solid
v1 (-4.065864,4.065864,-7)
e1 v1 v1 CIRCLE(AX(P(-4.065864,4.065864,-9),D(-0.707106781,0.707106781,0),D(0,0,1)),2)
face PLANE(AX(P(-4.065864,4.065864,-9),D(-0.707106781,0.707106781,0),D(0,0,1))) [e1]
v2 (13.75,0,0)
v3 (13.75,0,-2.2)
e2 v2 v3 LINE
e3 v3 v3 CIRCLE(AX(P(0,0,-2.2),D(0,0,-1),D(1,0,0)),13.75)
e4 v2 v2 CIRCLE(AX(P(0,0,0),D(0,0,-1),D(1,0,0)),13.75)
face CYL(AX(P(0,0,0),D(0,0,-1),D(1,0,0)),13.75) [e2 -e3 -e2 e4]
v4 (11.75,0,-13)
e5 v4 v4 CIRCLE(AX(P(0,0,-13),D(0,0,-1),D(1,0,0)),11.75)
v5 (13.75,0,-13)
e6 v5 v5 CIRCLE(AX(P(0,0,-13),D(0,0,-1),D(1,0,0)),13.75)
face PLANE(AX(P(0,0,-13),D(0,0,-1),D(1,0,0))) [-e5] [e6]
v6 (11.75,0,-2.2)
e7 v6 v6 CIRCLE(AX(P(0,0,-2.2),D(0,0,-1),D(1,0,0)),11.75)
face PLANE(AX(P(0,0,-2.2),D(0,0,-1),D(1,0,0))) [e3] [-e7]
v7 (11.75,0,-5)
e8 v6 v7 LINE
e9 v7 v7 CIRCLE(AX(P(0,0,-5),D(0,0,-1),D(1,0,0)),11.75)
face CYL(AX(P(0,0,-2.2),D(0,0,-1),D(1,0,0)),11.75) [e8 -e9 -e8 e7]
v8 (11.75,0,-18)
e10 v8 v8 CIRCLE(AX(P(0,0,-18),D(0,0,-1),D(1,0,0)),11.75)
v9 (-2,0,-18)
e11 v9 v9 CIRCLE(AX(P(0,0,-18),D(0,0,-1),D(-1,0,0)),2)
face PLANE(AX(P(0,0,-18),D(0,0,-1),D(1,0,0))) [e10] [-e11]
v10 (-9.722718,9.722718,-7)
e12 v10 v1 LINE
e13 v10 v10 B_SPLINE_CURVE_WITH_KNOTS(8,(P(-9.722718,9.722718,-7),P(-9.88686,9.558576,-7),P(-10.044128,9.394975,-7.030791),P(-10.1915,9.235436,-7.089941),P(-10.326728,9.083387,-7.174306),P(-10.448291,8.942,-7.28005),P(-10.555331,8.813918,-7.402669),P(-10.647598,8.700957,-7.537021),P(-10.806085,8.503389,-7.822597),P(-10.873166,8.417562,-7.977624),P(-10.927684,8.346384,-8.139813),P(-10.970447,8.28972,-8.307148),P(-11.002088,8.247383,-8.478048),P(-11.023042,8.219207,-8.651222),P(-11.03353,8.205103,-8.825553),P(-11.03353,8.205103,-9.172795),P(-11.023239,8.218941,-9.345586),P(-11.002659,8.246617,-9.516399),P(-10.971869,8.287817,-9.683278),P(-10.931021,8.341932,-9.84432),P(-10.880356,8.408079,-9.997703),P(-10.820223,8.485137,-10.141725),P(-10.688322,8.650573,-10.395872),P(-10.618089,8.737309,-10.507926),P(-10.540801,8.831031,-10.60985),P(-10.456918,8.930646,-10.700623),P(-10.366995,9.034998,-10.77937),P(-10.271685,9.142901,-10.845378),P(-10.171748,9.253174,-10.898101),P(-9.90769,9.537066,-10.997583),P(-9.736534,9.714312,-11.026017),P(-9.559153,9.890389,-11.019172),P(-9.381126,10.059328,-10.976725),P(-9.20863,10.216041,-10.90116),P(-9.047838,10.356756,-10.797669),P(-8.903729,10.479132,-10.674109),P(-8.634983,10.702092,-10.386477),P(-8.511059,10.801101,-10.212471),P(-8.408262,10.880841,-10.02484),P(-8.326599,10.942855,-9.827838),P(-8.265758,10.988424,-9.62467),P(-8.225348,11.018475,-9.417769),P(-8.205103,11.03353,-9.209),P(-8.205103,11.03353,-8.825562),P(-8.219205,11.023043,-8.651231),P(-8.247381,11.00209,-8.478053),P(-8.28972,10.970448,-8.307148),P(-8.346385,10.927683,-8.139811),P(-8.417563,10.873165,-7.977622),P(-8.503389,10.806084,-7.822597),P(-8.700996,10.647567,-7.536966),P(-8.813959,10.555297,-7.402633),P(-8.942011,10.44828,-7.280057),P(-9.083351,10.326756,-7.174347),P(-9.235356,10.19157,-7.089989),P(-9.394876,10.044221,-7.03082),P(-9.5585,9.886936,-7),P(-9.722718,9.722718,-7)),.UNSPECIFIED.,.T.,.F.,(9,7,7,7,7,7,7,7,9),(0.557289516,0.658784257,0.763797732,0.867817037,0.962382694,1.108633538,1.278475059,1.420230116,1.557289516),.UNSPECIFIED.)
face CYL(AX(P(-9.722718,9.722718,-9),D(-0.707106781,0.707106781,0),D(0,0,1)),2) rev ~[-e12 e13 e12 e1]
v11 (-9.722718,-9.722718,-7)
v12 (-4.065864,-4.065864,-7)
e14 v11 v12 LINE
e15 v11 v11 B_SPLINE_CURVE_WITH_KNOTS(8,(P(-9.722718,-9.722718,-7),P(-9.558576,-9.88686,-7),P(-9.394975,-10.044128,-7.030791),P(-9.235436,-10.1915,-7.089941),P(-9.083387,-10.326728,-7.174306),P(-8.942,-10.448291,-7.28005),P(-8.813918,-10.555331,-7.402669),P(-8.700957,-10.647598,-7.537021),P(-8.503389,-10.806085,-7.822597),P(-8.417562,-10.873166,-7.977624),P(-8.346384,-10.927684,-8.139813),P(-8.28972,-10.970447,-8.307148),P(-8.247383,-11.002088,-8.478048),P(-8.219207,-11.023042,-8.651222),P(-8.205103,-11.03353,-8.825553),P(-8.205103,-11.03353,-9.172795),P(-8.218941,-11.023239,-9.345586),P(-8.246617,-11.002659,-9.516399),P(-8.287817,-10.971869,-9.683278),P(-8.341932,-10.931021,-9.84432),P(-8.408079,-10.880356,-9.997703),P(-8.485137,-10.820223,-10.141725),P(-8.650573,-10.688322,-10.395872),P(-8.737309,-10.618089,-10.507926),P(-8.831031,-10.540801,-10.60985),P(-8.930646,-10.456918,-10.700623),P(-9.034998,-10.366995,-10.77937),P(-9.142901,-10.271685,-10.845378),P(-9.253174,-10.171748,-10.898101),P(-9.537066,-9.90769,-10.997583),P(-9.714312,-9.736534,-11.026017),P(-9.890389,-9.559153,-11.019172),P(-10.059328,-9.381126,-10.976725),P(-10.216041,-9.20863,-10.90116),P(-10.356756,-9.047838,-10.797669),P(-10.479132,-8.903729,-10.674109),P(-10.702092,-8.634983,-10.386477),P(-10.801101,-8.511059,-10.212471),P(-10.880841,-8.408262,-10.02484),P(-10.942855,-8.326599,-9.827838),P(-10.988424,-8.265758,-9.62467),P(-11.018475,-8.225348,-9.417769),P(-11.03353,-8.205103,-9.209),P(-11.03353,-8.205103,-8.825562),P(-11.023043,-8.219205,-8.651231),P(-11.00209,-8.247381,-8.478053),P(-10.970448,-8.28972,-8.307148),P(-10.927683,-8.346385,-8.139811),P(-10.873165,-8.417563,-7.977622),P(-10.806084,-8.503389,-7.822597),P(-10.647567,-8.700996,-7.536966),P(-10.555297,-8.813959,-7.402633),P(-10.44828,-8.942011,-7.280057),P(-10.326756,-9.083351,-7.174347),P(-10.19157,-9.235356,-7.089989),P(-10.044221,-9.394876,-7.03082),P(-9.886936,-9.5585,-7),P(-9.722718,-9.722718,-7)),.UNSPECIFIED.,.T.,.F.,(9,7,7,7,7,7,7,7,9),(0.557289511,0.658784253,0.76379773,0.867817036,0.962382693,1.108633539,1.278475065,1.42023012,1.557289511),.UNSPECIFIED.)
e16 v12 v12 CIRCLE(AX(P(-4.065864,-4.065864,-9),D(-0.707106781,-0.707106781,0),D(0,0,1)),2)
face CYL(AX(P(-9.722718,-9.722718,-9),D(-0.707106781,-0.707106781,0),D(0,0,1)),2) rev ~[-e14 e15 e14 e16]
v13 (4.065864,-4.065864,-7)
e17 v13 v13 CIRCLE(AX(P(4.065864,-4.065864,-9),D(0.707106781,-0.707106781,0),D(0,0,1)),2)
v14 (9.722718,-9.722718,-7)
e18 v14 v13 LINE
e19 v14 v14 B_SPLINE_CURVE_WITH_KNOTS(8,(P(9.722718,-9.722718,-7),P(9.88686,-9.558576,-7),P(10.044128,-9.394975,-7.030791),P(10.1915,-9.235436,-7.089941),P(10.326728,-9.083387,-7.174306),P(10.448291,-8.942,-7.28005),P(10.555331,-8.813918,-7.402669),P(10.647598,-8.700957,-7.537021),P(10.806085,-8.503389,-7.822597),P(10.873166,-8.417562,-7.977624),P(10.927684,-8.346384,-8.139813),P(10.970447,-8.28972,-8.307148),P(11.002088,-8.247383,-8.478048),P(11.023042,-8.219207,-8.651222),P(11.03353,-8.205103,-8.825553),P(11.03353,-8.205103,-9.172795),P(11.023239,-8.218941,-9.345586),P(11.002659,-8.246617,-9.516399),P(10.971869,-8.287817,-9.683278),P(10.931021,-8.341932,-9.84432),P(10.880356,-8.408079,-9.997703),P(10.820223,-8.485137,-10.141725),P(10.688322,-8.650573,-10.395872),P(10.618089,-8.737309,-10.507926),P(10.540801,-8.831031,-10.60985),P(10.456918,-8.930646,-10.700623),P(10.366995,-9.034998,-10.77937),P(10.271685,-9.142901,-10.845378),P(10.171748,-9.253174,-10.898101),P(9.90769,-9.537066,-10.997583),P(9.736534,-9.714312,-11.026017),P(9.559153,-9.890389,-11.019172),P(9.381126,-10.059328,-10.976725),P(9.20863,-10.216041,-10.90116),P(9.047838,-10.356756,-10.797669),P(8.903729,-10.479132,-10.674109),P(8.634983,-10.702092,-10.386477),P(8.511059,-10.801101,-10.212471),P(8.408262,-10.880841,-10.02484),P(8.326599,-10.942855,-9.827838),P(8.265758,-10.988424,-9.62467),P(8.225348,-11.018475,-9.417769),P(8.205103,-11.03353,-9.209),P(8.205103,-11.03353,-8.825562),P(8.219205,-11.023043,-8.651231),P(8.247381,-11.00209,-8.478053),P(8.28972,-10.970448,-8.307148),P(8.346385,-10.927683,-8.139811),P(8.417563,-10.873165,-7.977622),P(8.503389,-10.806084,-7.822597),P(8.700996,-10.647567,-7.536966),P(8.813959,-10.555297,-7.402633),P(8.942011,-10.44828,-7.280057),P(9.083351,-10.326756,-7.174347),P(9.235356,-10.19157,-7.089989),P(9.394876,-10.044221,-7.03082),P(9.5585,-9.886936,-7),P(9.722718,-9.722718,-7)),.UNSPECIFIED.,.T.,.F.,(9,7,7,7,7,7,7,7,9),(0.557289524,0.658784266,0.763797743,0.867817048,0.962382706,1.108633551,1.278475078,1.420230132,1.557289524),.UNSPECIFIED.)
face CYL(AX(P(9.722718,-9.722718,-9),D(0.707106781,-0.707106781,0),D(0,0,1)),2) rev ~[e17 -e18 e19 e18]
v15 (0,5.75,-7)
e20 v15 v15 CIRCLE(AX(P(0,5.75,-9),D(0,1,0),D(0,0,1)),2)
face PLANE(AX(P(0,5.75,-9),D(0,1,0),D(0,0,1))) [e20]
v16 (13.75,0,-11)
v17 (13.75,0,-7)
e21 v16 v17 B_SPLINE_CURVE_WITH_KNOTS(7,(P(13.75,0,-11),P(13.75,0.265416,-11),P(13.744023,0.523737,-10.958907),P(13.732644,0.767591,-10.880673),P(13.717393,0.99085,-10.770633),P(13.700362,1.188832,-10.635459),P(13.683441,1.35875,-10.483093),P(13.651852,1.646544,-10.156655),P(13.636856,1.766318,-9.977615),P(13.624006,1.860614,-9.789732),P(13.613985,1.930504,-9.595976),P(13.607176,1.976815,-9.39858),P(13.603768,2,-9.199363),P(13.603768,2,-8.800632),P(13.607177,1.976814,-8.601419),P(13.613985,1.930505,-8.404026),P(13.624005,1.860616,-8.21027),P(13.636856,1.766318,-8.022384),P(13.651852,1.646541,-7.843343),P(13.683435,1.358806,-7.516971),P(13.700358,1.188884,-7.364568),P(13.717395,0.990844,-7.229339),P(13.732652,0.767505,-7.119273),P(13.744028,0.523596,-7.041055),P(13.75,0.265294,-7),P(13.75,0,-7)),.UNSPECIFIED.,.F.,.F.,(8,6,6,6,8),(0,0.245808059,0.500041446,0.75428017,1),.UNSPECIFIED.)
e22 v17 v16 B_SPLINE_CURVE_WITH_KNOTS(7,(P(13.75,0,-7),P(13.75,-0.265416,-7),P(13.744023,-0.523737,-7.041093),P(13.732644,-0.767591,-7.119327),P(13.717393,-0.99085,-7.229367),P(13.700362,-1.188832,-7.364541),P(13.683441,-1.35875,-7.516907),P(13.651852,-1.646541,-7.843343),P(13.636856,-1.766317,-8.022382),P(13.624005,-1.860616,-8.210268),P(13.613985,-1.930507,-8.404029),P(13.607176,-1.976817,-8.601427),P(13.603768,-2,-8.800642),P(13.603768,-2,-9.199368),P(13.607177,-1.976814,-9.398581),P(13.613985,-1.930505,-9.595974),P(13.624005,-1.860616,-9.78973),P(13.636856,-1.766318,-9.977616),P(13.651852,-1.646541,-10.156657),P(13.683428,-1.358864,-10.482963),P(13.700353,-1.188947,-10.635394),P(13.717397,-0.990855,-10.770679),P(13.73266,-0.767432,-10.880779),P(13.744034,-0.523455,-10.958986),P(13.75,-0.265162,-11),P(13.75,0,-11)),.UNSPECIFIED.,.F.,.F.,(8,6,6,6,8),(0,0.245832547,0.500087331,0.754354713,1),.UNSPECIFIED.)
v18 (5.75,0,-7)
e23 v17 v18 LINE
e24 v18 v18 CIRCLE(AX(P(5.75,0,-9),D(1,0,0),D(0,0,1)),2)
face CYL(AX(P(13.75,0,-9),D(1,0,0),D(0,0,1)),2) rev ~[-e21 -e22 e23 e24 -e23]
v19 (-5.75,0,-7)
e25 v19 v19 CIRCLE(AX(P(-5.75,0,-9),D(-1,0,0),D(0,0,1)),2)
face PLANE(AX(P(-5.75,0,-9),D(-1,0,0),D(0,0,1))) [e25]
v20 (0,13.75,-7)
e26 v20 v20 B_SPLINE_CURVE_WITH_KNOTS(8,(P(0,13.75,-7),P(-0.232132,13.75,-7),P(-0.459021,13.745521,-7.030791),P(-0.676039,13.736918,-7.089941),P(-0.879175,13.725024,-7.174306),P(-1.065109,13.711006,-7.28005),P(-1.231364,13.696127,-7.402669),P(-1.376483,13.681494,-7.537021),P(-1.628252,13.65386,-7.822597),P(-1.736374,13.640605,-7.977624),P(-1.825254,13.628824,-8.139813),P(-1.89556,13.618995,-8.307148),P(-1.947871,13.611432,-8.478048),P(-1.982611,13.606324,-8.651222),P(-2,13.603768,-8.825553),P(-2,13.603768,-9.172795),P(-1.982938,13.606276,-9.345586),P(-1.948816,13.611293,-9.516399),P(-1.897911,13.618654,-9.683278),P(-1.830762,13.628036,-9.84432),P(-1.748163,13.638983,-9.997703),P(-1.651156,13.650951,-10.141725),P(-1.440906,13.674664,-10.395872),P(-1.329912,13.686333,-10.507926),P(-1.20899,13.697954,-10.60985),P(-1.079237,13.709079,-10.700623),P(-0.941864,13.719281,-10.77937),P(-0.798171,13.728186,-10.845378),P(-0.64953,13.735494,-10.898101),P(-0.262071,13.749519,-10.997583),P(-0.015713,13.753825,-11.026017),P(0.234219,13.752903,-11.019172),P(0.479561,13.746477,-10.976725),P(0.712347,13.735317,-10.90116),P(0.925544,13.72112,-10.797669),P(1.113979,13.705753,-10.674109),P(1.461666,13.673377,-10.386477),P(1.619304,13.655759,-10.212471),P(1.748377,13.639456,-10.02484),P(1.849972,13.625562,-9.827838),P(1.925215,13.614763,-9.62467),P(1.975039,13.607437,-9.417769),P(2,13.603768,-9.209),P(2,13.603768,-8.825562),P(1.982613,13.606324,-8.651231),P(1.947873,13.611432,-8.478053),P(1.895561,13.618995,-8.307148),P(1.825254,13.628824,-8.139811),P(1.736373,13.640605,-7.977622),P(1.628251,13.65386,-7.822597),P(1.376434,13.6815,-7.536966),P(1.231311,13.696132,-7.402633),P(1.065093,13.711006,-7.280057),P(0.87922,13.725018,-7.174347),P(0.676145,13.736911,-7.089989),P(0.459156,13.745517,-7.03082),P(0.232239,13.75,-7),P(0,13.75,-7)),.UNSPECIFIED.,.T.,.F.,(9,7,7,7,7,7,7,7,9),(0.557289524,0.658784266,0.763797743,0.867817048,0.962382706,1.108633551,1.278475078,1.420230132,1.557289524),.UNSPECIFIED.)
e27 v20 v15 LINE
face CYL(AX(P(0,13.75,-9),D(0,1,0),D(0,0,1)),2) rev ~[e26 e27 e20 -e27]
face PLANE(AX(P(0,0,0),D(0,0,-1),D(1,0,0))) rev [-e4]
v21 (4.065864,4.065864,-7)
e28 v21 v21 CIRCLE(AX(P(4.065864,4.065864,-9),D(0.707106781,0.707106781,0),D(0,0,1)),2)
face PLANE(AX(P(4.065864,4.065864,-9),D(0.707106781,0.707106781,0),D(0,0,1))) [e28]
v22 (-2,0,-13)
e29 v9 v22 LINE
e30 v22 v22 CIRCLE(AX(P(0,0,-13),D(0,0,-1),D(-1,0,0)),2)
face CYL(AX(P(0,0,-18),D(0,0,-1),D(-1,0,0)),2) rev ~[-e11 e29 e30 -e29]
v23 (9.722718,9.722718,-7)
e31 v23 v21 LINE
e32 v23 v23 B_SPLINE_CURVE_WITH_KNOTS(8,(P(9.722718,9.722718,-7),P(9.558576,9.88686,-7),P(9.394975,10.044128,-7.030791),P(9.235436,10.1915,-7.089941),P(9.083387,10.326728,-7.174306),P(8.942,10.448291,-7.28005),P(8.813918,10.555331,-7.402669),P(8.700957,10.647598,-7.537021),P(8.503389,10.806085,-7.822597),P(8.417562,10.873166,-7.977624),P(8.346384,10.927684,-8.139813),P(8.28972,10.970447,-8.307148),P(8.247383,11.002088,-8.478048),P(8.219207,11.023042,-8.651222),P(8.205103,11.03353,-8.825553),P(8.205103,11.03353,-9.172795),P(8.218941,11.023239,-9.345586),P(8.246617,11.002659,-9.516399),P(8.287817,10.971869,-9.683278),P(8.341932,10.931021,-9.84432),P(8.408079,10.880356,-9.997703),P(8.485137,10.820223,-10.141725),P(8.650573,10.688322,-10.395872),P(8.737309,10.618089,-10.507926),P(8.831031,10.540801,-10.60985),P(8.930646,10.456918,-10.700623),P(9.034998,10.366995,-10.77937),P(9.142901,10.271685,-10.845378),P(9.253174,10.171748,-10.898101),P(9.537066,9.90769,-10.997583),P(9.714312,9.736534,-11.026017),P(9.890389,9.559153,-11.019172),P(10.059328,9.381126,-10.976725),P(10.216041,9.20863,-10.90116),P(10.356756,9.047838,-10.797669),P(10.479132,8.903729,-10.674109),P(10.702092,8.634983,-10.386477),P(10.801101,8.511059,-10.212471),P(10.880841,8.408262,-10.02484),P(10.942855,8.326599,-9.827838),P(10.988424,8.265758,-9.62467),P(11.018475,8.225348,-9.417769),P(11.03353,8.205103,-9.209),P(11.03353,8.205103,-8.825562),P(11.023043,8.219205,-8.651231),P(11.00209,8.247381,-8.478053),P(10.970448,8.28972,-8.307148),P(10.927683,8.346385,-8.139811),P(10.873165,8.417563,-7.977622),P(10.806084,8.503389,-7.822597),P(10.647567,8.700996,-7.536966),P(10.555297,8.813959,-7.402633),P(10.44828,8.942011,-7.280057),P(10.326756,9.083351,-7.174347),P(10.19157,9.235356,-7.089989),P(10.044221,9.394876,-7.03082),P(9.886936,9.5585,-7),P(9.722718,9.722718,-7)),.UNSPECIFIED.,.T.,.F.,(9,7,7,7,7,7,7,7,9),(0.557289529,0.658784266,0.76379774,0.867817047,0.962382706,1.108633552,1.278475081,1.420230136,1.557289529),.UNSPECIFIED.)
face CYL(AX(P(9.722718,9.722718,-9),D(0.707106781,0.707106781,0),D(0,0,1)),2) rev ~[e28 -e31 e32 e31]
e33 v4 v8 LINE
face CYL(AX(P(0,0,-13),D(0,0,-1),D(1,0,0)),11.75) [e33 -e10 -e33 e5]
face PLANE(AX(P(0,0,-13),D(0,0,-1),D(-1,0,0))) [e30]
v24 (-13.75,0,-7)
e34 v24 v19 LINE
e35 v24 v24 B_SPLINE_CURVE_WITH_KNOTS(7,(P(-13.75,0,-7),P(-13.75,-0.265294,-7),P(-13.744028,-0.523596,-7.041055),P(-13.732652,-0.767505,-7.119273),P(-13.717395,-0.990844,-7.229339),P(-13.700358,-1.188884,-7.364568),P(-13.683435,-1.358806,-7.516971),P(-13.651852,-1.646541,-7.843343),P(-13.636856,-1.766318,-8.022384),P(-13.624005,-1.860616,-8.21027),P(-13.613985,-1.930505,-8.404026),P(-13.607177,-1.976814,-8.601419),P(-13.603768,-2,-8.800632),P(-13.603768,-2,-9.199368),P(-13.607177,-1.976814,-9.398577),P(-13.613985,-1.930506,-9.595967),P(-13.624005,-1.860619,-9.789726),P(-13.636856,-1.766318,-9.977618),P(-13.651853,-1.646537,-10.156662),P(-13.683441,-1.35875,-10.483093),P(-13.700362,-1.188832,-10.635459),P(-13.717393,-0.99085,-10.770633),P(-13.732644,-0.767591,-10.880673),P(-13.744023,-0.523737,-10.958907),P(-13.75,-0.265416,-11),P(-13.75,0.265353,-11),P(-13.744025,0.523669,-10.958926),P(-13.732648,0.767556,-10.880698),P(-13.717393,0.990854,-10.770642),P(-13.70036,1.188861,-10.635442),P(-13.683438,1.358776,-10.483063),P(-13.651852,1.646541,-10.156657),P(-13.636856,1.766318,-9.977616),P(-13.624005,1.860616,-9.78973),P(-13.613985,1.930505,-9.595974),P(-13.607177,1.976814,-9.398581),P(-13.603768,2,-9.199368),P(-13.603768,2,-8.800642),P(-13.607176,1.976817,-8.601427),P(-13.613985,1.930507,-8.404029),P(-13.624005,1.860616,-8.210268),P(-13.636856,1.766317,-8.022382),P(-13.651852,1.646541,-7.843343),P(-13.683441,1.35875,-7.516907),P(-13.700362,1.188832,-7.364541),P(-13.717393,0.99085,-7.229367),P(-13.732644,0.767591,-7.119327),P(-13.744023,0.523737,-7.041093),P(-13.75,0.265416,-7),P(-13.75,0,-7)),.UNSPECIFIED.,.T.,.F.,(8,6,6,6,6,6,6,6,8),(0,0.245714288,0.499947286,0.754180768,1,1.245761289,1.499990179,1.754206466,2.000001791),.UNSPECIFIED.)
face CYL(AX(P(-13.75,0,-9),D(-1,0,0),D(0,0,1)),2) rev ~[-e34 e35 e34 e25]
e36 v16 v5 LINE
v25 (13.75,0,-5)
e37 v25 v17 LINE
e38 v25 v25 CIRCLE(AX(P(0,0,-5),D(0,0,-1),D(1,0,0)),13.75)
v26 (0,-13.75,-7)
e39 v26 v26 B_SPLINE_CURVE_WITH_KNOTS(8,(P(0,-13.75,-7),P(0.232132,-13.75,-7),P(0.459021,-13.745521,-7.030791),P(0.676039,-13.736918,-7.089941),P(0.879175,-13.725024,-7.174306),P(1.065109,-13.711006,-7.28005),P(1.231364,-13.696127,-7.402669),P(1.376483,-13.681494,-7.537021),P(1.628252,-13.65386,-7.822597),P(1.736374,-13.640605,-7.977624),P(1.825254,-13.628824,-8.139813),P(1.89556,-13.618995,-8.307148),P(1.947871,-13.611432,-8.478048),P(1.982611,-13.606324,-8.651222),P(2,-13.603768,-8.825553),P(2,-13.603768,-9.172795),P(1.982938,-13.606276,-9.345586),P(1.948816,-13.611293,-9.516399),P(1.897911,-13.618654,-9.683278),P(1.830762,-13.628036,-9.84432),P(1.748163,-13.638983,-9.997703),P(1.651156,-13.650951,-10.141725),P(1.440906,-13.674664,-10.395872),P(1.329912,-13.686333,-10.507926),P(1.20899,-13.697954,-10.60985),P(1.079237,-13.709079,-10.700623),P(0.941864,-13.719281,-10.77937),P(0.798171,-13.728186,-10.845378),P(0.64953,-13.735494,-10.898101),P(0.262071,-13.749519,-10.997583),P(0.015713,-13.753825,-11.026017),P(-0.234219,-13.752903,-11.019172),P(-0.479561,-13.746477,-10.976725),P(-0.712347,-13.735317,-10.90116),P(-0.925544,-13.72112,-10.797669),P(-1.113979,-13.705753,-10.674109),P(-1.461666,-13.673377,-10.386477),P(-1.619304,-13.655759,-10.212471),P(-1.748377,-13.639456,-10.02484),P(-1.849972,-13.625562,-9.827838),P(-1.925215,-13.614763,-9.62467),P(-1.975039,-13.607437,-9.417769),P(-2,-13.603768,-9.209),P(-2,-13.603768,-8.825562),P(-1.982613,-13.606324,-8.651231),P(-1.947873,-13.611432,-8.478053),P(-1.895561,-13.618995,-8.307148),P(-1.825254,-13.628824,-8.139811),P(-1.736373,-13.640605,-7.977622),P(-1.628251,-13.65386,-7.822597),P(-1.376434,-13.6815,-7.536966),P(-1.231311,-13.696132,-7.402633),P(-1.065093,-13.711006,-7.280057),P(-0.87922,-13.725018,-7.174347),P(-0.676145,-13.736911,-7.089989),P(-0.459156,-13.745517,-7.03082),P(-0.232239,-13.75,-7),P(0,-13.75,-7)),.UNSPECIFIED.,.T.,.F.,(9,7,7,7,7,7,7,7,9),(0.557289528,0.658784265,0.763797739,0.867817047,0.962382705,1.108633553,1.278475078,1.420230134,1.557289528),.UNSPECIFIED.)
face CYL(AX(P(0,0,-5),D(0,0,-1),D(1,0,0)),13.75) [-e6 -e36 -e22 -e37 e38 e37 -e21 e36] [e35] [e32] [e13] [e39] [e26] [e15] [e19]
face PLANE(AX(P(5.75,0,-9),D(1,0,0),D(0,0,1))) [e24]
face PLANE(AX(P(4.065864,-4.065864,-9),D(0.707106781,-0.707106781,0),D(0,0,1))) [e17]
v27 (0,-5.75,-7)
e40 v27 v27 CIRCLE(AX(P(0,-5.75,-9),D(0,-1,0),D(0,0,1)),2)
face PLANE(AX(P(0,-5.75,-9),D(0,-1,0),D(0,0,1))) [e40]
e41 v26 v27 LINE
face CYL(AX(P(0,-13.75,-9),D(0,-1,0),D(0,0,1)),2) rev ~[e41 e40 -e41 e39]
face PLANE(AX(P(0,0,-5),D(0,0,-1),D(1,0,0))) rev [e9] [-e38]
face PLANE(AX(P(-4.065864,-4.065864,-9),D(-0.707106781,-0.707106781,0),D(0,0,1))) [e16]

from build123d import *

# Parameters (mm, degrees)
ESBO_O3_R             = 2
CORTE_EXTRUS_O1_DEPTH = 8
PADR_OCIRCULAR1_COUNT = 8
ESBO_O4_R             = 2
CORTE_EXTRUS_O2_DEPTH = 5


with BuildPart() as part:
    # Esboço2 → Revolução1 (revolve)
    with BuildSketch(Plane(origin=(0, 0, 0), x_dir=(1, 0, 0), z_dir=(0, 1, 0)), mode=Mode.PRIVATE) as revolu_o1_sk:
        Polygon((0, 0), (-13.75, 0), (-13.75, 2.2), (-11.75, 2.2), (-11.75, 5), (-13.75, 5), (-13.75, 13), (-11.75, 13), (-11.75, 18), (0, 18), align=None)
    revolve(revolu_o1_sk.sketch.rotate(Axis((0, 0, 0), (0, 0, -1)), 180), axis=Axis((0, 0, 0), (0, 0, -1)))

    # Esboço3 → Corte-extrusão1 (cut)
    with BuildSketch(Plane(origin=(0, 13.75, 0), x_dir=(1, 0, 0), z_dir=(0, 1, 0))):
        with Locations(Location((0, 9, 0), (0, 0, 270))):
            Circle(ESBO_O3_R)
    corte_extrus_o1 = extrude(amount=-CORTE_EXTRUS_O1_DEPTH, mode=Mode.SUBTRACT)

    # PadrãoCircular1: Corte-extrusão1 ×8 about axis
    padr_ocircular1_axis = Axis((0, 0, 0), (0, 0, 1))
    for i in range(1, PADR_OCIRCULAR1_COUNT):
        add(corte_extrus_o1.rotate(padr_ocircular1_axis, i * 360 / PADR_OCIRCULAR1_COUNT), mode=Mode.SUBTRACT)

    # Esboço4 → Corte-extrusão2 (cut)
    with BuildSketch(Plane(origin=(0, 0, -18), x_dir=(-1, 0, 0), z_dir=(0, 0, -1))):
        Circle(ESBO_O4_R)
    extrude(amount=-CORTE_EXTRUS_O2_DEPTH, mode=Mode.SUBTRACT)


solid = part.part
